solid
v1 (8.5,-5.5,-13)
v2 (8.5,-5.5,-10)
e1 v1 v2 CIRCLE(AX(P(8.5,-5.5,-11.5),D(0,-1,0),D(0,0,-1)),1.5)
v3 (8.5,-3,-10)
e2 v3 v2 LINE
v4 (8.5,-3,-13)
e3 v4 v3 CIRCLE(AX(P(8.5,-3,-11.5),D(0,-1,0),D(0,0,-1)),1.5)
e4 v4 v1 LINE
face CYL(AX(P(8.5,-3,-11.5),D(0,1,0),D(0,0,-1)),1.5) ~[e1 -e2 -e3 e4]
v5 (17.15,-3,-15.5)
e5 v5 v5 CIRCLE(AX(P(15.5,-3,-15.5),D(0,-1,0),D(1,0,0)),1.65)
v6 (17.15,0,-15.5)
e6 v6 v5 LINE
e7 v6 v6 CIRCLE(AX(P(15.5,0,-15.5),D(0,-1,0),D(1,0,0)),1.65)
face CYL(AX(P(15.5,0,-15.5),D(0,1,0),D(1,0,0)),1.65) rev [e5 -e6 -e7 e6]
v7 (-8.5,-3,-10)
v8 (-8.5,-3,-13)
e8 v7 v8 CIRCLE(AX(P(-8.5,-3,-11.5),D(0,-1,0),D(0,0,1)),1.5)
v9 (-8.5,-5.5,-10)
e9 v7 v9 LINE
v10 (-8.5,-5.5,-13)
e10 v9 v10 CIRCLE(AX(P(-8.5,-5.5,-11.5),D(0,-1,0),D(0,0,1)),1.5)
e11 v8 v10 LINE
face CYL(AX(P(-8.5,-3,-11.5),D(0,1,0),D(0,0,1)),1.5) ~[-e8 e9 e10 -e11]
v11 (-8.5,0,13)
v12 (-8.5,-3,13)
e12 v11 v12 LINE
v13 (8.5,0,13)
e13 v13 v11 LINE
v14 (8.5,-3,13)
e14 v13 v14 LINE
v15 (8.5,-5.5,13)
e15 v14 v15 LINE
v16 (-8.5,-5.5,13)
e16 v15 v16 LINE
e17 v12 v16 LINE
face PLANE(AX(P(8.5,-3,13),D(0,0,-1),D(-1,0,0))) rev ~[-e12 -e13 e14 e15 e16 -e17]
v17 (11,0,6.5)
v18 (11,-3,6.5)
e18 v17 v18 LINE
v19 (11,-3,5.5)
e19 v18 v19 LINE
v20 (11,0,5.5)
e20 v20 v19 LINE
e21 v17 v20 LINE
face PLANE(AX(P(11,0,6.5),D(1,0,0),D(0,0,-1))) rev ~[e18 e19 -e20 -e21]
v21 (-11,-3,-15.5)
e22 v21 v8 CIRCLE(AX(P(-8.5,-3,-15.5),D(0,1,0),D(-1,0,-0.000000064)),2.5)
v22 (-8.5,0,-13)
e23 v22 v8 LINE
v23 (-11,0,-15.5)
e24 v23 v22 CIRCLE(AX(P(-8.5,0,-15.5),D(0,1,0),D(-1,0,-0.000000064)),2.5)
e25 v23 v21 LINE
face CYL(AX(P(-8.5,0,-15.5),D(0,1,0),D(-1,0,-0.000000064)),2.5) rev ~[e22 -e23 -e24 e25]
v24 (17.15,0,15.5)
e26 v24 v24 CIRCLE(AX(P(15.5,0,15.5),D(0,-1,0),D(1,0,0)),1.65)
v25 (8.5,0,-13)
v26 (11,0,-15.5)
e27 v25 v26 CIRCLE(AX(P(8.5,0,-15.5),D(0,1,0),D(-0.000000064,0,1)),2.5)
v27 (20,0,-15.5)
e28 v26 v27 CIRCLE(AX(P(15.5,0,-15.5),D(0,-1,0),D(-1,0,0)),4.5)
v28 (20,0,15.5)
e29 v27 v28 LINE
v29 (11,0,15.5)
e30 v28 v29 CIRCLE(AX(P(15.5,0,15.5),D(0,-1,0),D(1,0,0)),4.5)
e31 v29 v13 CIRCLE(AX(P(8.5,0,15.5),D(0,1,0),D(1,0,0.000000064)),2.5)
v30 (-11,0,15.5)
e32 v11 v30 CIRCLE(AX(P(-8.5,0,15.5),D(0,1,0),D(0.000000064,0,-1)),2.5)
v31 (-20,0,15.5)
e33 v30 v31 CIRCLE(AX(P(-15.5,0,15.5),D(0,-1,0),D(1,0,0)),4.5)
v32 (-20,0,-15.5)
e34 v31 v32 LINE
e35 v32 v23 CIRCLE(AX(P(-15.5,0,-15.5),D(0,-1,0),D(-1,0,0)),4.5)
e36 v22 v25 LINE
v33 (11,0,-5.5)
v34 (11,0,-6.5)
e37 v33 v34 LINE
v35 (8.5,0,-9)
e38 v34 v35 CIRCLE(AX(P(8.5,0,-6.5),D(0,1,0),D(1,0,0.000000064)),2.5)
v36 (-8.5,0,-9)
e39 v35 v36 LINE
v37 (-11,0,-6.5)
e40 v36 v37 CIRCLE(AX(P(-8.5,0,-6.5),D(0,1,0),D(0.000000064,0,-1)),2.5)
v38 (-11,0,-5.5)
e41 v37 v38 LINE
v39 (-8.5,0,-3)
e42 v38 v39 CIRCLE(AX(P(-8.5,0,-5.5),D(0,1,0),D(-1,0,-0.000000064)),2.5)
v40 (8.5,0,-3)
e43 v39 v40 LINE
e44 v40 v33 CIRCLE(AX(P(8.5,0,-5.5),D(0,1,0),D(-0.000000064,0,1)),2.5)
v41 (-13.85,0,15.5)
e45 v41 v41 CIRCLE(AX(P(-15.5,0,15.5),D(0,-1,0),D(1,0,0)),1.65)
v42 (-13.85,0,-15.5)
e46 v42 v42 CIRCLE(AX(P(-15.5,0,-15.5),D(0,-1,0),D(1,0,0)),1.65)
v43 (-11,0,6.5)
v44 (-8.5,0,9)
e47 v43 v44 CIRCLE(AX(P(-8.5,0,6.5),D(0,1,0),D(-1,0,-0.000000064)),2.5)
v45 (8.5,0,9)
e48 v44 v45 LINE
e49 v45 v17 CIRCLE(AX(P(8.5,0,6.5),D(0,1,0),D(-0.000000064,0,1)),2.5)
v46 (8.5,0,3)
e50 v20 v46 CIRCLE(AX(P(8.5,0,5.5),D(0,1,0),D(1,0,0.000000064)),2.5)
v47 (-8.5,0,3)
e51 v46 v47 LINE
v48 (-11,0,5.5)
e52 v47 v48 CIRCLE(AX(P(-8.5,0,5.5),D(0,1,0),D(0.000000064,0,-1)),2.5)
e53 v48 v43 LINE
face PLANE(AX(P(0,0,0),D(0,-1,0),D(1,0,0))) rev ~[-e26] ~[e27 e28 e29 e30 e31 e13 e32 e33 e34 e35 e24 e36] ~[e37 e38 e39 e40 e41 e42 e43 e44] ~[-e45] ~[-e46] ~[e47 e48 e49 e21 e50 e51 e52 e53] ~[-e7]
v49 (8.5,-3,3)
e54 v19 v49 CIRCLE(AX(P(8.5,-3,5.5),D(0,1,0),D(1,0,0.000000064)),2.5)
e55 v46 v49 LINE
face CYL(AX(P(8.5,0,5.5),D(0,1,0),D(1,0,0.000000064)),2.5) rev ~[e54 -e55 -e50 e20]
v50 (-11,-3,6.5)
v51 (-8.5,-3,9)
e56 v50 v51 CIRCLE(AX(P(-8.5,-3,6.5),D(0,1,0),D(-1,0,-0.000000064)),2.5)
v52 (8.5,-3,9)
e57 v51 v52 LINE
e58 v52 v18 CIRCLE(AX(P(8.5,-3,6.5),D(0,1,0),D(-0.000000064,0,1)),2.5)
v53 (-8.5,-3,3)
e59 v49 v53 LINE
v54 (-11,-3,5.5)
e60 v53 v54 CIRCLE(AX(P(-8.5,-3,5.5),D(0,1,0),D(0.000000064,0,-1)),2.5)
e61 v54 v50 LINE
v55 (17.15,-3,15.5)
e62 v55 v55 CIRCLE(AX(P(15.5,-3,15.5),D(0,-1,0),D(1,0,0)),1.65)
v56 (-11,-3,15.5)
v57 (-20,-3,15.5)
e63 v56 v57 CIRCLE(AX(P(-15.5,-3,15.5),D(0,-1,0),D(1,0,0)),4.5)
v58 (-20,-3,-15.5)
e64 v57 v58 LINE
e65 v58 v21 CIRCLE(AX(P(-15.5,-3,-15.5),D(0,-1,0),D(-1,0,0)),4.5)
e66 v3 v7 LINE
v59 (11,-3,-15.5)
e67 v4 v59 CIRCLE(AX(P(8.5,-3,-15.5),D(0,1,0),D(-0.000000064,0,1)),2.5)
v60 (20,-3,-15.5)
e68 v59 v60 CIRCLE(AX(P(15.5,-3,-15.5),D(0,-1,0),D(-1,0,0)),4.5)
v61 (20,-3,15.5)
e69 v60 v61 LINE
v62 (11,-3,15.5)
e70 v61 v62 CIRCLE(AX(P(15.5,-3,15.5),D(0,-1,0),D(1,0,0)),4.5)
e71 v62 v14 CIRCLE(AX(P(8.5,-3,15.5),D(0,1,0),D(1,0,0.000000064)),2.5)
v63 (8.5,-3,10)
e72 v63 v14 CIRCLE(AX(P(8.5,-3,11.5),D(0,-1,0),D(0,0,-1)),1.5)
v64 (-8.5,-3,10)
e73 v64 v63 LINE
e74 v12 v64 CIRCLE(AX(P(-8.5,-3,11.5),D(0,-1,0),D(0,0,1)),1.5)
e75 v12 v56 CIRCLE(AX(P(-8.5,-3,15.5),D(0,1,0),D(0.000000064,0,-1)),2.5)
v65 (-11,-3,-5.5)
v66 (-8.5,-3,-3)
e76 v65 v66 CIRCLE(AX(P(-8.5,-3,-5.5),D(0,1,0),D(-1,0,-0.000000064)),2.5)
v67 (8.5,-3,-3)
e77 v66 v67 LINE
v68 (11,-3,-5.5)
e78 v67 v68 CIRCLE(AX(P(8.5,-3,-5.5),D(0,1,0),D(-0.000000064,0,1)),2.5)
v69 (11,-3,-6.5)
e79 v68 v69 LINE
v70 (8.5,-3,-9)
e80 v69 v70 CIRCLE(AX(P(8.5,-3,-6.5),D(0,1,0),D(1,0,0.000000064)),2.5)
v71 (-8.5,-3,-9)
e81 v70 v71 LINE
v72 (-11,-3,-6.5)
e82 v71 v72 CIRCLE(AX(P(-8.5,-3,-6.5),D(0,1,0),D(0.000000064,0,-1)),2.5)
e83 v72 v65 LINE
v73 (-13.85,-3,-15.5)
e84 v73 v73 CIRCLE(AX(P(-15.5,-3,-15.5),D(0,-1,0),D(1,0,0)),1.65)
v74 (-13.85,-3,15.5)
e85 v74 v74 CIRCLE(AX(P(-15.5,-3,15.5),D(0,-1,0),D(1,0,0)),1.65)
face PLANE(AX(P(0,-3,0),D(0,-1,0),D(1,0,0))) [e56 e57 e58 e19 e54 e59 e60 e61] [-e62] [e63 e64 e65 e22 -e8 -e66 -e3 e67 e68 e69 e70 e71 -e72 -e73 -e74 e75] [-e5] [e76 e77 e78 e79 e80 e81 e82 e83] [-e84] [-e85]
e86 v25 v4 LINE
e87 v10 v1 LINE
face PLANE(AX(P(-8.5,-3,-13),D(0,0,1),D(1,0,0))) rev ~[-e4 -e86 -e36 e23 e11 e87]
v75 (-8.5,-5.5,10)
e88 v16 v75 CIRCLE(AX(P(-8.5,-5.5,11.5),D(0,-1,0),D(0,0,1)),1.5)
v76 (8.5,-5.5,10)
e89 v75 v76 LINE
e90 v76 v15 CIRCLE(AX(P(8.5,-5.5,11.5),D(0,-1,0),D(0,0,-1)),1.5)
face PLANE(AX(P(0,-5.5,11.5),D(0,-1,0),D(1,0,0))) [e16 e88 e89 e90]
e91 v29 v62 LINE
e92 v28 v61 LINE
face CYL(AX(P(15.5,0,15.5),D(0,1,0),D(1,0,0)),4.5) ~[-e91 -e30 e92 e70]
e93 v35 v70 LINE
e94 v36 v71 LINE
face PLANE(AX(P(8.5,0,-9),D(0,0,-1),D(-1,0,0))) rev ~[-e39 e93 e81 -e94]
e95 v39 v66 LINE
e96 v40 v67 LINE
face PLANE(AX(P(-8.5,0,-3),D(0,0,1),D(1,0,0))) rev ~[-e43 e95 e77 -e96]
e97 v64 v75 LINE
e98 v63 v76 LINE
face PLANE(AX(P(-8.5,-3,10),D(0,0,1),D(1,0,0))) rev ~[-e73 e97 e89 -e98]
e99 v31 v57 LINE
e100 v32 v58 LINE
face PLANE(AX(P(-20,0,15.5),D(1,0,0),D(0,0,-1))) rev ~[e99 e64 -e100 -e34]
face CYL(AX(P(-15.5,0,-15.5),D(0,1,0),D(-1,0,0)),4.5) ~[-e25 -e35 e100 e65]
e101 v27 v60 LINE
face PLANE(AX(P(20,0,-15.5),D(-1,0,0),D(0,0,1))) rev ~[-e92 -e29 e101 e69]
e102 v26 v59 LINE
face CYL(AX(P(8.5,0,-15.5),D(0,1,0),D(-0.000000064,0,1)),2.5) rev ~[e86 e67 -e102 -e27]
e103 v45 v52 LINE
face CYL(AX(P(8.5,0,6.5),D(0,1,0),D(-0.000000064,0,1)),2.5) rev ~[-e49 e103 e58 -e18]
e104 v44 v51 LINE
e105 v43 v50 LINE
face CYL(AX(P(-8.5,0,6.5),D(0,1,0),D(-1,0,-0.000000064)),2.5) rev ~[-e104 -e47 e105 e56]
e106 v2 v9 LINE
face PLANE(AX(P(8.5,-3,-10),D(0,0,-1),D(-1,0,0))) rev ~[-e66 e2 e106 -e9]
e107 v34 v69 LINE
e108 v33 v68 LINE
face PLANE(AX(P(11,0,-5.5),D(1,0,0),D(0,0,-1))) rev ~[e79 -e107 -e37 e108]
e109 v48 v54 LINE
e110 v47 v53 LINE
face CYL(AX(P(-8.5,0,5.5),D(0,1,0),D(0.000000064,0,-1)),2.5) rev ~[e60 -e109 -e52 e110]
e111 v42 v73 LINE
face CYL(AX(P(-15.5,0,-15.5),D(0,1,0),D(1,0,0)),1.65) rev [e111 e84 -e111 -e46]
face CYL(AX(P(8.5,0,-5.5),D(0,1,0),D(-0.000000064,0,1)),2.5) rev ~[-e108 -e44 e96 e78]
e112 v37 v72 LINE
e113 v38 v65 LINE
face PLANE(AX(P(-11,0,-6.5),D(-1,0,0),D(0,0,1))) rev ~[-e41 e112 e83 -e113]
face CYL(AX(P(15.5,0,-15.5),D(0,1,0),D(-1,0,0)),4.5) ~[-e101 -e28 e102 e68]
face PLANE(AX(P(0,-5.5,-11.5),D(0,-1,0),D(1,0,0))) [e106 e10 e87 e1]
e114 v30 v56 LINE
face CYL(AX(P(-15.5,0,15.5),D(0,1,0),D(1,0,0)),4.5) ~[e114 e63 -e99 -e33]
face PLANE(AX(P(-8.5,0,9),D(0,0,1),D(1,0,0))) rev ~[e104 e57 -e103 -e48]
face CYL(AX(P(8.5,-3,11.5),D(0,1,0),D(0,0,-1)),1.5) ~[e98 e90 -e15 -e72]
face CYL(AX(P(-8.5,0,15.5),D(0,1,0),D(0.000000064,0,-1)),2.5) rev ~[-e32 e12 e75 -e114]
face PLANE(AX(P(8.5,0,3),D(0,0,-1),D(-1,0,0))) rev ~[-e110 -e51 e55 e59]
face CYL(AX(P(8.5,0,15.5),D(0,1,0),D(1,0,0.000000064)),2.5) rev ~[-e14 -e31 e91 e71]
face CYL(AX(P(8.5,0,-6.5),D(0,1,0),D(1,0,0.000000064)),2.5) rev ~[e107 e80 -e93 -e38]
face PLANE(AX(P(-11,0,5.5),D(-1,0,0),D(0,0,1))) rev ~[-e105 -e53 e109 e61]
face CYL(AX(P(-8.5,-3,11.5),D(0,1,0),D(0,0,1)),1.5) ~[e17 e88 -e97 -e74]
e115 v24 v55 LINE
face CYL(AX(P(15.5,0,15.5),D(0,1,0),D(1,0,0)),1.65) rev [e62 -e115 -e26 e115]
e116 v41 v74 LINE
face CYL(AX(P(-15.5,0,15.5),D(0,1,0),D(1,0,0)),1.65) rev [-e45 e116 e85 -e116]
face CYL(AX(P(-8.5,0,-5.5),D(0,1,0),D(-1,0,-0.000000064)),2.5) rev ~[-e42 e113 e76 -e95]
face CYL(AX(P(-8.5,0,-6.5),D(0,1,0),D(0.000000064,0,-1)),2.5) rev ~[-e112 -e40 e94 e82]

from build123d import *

# Parameters (mm, degrees)
F0_R     = 1.65
F1_DEPTH = 3
F3_DEPTH = 2.5


with BuildPart() as f1:
    # F0 (on Front) → F1 (new body)
    with BuildSketch(Plane.XZ):
        with BuildLine():
            ThreePointArc((-8.5, 13), (-10.267767, 13.732233), (-11, 15.5))
            ThreePointArc((-11, 15.5), (-15.5, 20), (-20, 15.5))
            Line((-20, 15.5), (-20, -15.5))
            ThreePointArc((-20, -15.5), (-15.5, -20), (-11, -15.5))
            ThreePointArc((-11, -15.5), (-10.267767, -13.732233), (-8.5, -13))
            Line((-8.5, -13), (8.5, -13))
            ThreePointArc((8.5, -13), (10.267767, -13.732233), (11, -15.5))
            ThreePointArc((11, -15.5), (15.5, -20), (20, -15.5))
            Line((20, -15.5), (20, 15.5))
            ThreePointArc((20, 15.5), (15.5, 20), (11, 15.5))
            ThreePointArc((11, 15.5), (10.267767, 13.732233), (8.5, 13))
            Line((8.5, 13), (-8.5, 13))
        make_face()
        with Locations((-15.5, -15.5)):
            Circle(F0_R, mode=Mode.SUBTRACT)
        with Locations((15.5, -15.5)):
            Circle(F0_R, mode=Mode.SUBTRACT)
        with BuildLine():
            Line((-8.5, -3), (8.5, -3))
            ThreePointArc((8.5, -3), (10.267767, -3.732233), (11, -5.5))
            Line((11, -5.5), (11, -6.5))
            ThreePointArc((11, -6.5), (10.267767, -8.267767), (8.5, -9))
            Line((8.5, -9), (-8.5, -9))
            ThreePointArc((-8.5, -9), (-10.267767, -8.267767), (-11, -6.5))
            Line((-11, -6.5), (-11, -5.5))
            ThreePointArc((-11, -5.5), (-10.267767, -3.732233), (-8.5, -3))
        make_face(mode=Mode.SUBTRACT)
        with Locations((-15.5, 15.5)):
            Circle(F0_R, mode=Mode.SUBTRACT)
        with BuildLine():
            ThreePointArc((11, 5.5), (10.267767, 3.732233), (8.5, 3))
            Line((8.5, 3), (-8.5, 3))
            ThreePointArc((-8.5, 3), (-10.267767, 3.732233), (-11, 5.5))
            Line((-11, 5.5), (-11, 6.5))
            ThreePointArc((-11, 6.5), (-10.267767, 8.267767), (-8.5, 9))
            Line((-8.5, 9), (8.5, 9))
            ThreePointArc((8.5, 9), (10.267767, 8.267767), (11, 6.5))
            Line((11, 6.5), (11, 5.5))
        make_face(mode=Mode.SUBTRACT)
        with Locations((15.5, 15.5)):
            Circle(F0_R, mode=Mode.SUBTRACT)
    extrude(amount=F1_DEPTH)

    # F2 (on face) → F3 (join)
    with BuildSketch(Plane.XZ.offset(3)):
        with BuildLine():
            Line((8.5, -10), (-8.5, -10))
            ThreePointArc((-8.5, -10), (-10, -11.5), (-8.5, -13))
            Line((-8.5, -13), (8.5, -13))
            ThreePointArc((8.5, -13), (10, -11.5), (8.5, -10))
        make_face()
        with BuildLine():
            ThreePointArc((-8.5, 13), (-10, 11.5), (-8.5, 10))
            Line((-8.5, 10), (8.5, 10))
            ThreePointArc((8.5, 10), (10, 11.5), (8.5, 13))
            Line((8.5, 13), (-8.5, 13))
        make_face()
    extrude(amount=F3_DEPTH)


solid = f1.part
